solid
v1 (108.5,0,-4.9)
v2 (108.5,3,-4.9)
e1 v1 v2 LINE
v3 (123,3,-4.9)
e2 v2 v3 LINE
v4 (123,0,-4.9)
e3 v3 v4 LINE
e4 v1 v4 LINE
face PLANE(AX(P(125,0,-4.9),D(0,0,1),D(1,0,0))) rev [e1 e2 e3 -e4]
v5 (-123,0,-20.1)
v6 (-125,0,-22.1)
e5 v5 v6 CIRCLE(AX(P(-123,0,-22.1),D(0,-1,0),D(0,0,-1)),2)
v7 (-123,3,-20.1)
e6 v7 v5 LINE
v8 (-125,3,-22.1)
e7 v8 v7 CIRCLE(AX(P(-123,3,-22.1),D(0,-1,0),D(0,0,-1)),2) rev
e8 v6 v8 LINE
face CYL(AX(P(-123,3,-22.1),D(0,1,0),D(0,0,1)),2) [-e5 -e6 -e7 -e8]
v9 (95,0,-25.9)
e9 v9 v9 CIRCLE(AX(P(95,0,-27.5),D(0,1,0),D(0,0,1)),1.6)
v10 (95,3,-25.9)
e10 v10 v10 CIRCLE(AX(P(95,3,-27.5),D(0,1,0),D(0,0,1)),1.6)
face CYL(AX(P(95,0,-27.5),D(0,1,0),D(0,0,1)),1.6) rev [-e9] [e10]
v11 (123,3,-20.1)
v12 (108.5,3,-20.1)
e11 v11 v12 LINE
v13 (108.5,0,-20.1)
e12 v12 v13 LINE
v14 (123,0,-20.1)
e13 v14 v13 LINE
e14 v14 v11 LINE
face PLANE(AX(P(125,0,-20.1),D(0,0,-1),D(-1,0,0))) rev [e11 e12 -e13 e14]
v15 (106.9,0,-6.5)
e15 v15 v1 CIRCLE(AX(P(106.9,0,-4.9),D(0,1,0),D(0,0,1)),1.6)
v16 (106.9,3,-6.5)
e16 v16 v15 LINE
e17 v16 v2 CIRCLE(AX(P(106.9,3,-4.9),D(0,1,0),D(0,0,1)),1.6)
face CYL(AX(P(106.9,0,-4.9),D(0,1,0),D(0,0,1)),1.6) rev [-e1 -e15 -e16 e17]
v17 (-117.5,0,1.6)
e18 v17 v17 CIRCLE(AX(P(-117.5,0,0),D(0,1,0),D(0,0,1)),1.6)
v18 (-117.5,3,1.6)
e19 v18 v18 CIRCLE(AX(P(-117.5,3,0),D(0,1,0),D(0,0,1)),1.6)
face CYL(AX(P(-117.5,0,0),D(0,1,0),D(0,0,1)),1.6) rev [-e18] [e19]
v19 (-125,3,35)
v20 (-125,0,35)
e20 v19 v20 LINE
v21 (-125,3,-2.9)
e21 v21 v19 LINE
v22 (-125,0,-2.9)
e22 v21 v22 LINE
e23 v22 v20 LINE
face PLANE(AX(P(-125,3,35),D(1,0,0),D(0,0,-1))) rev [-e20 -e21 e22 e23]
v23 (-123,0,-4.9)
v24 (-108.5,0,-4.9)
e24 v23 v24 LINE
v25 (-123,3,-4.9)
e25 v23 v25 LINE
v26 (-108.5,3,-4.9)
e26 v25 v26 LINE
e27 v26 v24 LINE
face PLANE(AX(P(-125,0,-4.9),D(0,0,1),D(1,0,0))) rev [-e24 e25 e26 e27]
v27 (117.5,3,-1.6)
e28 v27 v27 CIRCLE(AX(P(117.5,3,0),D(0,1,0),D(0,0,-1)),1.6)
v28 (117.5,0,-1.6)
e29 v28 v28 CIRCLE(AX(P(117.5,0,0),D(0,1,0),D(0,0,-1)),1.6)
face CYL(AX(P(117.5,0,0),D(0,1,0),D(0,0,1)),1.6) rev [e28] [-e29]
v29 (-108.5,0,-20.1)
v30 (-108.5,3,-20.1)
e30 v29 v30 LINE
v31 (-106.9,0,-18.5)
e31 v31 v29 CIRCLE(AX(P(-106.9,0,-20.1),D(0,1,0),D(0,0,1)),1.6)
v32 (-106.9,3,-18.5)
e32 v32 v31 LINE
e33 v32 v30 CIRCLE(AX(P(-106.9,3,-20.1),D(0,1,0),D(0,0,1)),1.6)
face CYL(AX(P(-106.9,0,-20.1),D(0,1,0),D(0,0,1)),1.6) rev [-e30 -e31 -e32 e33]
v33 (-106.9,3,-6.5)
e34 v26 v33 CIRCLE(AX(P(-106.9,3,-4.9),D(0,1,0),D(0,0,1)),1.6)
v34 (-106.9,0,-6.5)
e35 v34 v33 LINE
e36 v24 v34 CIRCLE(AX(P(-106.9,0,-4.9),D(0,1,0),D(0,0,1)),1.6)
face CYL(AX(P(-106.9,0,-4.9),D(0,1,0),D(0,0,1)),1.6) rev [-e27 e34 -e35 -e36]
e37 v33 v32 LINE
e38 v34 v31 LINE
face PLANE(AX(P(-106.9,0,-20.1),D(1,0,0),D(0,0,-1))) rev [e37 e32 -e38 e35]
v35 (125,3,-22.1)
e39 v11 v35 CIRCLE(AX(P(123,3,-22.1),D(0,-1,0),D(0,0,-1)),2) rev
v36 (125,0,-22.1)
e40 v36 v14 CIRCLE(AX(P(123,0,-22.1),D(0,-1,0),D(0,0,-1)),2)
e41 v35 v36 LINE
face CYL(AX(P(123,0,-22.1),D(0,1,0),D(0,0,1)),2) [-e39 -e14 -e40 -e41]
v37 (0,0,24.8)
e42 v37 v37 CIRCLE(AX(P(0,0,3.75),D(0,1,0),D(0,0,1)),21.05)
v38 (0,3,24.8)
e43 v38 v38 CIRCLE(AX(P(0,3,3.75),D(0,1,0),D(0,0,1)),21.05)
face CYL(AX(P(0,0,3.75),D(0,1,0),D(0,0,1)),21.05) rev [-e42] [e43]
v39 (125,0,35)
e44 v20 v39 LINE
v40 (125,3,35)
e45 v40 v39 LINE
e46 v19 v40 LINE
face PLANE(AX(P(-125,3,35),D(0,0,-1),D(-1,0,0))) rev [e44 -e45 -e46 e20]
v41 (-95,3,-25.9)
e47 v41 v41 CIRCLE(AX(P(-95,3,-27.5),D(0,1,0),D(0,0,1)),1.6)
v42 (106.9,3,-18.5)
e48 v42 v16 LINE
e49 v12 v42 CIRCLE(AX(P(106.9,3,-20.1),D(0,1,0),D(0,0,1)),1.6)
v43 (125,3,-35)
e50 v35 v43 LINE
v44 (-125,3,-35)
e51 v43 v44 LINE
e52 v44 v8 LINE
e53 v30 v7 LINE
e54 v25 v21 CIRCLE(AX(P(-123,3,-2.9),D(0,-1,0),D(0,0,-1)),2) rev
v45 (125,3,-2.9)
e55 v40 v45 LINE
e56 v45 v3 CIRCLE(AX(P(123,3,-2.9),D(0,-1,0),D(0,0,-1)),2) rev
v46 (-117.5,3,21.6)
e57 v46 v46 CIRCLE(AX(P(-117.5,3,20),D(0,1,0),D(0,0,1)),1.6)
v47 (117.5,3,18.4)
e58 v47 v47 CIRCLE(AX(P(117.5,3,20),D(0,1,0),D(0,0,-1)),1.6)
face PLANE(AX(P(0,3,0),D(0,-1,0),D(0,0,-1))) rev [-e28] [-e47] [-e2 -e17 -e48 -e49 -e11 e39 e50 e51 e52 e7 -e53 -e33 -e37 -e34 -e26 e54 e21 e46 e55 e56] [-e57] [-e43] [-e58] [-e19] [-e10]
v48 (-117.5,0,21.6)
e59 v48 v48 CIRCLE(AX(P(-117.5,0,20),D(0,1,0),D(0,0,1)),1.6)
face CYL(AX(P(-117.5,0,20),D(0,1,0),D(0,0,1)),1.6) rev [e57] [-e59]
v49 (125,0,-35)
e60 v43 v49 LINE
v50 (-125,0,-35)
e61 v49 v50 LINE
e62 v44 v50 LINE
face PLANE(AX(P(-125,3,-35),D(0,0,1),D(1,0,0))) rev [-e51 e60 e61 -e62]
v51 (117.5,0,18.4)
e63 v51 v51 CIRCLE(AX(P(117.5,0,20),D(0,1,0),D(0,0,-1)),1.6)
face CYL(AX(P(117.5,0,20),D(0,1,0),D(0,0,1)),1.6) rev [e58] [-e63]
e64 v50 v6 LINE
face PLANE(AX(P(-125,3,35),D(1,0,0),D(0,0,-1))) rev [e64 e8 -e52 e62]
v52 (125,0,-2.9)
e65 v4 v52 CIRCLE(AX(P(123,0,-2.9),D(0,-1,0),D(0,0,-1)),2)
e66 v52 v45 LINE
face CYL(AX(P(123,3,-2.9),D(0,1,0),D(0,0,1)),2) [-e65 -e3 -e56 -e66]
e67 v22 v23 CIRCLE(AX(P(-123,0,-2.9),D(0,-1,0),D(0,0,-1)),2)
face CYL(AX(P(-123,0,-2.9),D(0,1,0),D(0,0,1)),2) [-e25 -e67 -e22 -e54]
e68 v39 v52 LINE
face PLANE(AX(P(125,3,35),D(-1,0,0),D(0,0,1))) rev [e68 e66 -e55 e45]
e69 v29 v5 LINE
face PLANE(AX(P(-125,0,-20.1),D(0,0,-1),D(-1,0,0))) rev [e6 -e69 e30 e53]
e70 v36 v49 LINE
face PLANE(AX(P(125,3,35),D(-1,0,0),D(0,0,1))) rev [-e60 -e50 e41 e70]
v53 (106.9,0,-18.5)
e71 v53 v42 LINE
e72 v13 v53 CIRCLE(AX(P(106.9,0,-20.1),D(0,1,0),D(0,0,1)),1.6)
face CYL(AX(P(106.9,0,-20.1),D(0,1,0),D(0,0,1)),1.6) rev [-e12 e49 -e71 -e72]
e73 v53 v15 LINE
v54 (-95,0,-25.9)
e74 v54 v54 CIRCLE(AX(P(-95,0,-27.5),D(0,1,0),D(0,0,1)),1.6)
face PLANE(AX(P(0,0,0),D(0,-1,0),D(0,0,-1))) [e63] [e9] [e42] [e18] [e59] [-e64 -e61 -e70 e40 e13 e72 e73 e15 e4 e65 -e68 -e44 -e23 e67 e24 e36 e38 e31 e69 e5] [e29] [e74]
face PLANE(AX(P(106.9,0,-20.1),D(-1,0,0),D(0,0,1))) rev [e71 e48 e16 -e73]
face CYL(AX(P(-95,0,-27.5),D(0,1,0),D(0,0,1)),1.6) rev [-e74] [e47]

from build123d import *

# Parameters (mm, degrees)
SKETCH_1_W          = 250
SKETCH_1_H          = 70
EXTRUDE_1_DEPTH     = 3
SKETCH_2_R          = 1.6
CUT_EXTRUDE_1_DEPTH = 130.842211934
SKETCH_4_W          = 18.1
SKETCH_4_H          = 15.2
CUT_EXTRUDE_3_DEPTH = 130.842211934
FILLET_2_R          = 2
SKETCH_5_R          = 1.6
CUT_EXTRUDE_4_DEPTH = 130.842211934
SKETCH_6_R          = 21.05
CUT_EXTRUDE_5_DEPTH = 130.842211934


with BuildPart() as part:
    # 草图1 → 凸台-拉伸1 (new body)
    with BuildSketch(Plane(origin=(0, 0, 0), x_dir=(1, 0, 0), z_dir=(0, 1, 0))):
        Rectangle(SKETCH_1_W, SKETCH_1_H)
    extrude(amount=EXTRUDE_1_DEPTH)

    # 草图2 → 切除-拉伸1 (cut, through all)
    with BuildSketch(Plane(origin=(0, 3, 0), x_dir=(1, 0, 0), z_dir=(0, 1, 0))):
        with Locations(Location((-95, 27.5, 0), (0, 0, 270))):
            Circle(SKETCH_2_R)
        with Locations(Location((95, 27.5, 0), (0, 0, 270))):
            Circle(SKETCH_2_R)
        with Locations(Location((-117.5, 0, 0), (0, 0, 270))):
            Circle(SKETCH_2_R)
        with Locations(Location((-117.5, -20, 0), (0, 0, 270))):
            Circle(SKETCH_2_R)
        with Locations(Location((117.5, -20, 0), (0, 0, 90))):
            Circle(SKETCH_2_R)
        with Locations(Location((117.5, 0, 0), (0, 0, 90))):
            Circle(SKETCH_2_R)
    extrude(amount=-CUT_EXTRUDE_1_DEPTH, mode=Mode.SUBTRACT)

    # 草图4 → 切除-拉伸3 (cut, through all)
    with BuildSketch(Plane(origin=(0, 3, 0), x_dir=(1, 0, 0), z_dir=(0, 1, 0))):
        with Locations((-115.95, 12.5)):
            Rectangle(SKETCH_4_W, SKETCH_4_H)
        with Locations((115.95, 12.5)):
            Rectangle(SKETCH_4_W, SKETCH_4_H)
    extrude(amount=-CUT_EXTRUDE_3_DEPTH, mode=Mode.SUBTRACT)

    # 圆角2
    fillet_2_edges = [part.edges().sort_by_distance(p)[0] for p in [
        (-125, 1.5, -4.9),
        (-125, 1.5, -20.1),
        (125, 1.5, -20.1),
        (125, 1.5, -4.9),
    ]]
    fillet(fillet_2_edges, radius=FILLET_2_R)

    # 草图5 → 切除-拉伸4 (cut, through all)
    with BuildSketch(Plane(origin=(0, 3, 0), x_dir=(1, 0, 0), z_dir=(0, 1, 0))):
        with Locations((-106.9, 20.1)):
            Circle(SKETCH_5_R)
        with Locations((-106.9, 4.9)):
            Circle(SKETCH_5_R)
        with Locations((106.9, 4.9)):
            Circle(SKETCH_5_R)
        with Locations((106.9, 20.1)):
            Circle(SKETCH_5_R)
    extrude(amount=-CUT_EXTRUDE_4_DEPTH, mode=Mode.SUBTRACT)

    # 草图6 → 切除-拉伸5 (cut, through all)
    with BuildSketch(Plane(origin=(0, 3, 0), x_dir=(1, 0, 0), z_dir=(0, 1, 0))):
        with Locations(Location((0, -3.75, 0), (0, 0, 270))):
            Circle(SKETCH_6_R)
    extrude(amount=-CUT_EXTRUDE_5_DEPTH, mode=Mode.SUBTRACT)


solid = part.part
